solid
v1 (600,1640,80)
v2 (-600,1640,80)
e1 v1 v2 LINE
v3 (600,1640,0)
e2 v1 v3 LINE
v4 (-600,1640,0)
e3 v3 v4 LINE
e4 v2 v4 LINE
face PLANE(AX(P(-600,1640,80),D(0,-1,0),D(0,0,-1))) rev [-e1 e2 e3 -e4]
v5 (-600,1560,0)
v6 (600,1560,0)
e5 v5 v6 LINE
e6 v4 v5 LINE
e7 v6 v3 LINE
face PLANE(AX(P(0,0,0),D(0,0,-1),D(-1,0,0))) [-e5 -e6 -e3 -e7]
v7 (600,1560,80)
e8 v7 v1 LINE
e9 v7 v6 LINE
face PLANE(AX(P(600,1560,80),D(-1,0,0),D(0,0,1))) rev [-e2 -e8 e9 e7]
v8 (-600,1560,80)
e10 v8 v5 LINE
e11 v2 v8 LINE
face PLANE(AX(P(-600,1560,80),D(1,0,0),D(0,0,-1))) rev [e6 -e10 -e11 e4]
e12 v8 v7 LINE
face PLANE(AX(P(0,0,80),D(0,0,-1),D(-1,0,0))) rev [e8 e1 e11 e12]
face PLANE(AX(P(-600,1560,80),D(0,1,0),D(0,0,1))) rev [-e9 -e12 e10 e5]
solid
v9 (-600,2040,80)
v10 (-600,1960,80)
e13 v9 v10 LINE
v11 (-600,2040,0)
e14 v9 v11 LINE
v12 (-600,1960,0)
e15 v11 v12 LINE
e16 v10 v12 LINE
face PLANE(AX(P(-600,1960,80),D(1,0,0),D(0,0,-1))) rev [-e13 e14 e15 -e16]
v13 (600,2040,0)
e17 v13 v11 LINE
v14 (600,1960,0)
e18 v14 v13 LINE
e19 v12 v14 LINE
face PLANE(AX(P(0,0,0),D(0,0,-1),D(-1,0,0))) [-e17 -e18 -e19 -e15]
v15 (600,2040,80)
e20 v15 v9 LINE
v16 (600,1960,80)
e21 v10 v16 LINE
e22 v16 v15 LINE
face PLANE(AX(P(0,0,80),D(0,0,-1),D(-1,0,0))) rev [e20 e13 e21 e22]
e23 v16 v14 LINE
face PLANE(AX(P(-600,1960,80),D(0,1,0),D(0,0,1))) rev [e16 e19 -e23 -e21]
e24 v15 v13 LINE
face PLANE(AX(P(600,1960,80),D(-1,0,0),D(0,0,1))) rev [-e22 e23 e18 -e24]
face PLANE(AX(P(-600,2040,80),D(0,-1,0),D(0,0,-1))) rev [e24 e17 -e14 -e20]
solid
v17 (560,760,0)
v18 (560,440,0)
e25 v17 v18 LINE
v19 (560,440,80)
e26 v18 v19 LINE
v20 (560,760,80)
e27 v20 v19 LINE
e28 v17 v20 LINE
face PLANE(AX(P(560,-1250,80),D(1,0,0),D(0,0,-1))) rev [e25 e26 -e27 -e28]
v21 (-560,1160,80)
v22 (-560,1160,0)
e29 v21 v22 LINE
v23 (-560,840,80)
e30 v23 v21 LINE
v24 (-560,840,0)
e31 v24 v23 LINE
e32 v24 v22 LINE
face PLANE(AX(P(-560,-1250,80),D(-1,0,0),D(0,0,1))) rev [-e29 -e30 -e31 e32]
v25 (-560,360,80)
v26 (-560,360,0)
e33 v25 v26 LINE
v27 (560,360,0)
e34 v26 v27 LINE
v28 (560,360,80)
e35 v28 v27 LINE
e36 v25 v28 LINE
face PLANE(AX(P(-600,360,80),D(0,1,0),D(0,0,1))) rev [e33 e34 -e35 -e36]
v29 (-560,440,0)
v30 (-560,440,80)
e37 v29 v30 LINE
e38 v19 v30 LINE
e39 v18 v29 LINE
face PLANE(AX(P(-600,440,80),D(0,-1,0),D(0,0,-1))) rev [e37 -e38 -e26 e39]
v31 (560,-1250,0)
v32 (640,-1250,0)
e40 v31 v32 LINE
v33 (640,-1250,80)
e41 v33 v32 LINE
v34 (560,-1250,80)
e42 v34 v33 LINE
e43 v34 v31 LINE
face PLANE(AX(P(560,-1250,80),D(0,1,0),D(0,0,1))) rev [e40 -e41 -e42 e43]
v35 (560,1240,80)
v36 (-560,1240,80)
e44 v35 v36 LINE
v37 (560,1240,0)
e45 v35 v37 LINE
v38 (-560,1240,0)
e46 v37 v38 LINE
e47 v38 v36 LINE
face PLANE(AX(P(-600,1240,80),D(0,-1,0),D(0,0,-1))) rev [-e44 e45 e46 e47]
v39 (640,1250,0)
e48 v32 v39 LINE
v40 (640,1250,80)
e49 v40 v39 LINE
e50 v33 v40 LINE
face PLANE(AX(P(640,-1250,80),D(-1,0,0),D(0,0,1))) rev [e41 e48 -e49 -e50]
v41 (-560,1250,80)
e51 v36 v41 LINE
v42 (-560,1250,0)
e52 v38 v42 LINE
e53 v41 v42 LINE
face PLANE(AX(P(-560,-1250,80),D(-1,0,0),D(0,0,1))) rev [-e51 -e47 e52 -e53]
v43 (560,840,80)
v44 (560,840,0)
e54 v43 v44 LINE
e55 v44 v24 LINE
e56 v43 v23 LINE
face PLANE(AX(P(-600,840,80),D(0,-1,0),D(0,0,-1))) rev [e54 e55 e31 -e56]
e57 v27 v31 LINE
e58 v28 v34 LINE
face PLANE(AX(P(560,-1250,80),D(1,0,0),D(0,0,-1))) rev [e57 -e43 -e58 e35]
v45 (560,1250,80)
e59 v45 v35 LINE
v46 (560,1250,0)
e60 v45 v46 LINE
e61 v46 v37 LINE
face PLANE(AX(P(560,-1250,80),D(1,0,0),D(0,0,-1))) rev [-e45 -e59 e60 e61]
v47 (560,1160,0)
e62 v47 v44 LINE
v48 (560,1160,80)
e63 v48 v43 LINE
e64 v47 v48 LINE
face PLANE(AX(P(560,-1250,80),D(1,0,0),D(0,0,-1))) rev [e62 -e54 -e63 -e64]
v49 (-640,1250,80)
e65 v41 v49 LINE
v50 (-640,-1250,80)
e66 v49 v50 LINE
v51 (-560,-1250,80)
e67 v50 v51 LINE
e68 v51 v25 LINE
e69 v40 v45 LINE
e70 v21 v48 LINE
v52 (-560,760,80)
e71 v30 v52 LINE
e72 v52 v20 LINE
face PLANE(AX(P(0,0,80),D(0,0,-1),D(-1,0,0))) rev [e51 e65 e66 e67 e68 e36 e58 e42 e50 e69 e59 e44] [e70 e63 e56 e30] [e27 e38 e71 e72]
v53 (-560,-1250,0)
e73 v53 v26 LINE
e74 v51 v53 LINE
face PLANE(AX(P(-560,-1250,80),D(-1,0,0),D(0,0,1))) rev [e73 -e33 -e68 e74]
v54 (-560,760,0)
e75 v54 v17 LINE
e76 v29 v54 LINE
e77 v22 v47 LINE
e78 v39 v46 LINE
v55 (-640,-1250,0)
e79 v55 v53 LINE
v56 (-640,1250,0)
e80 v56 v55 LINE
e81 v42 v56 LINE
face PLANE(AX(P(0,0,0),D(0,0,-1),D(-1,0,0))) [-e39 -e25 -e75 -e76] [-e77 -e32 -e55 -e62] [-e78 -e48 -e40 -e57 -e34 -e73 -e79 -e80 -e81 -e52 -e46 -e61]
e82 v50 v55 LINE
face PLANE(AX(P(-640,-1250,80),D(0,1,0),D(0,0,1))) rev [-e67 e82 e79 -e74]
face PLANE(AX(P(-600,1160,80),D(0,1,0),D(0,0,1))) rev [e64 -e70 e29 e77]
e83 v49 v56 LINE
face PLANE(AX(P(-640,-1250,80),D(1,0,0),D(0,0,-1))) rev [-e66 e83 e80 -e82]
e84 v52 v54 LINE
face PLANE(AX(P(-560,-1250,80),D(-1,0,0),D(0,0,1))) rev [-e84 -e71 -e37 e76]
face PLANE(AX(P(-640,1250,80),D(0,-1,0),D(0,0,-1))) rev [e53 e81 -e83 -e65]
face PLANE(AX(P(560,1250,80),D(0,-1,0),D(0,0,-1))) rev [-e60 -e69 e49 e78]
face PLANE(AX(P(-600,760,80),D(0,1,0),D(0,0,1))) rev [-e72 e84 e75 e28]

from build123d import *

# Parameters (mm, degrees)
SKETCH_1_W      = 80
SKETCH_1_H      = 2500
EXTRUDE_1_DEPTH = 80
SKETCH_2_W      = 80
SKETCH_2_H      = 2500
EXTRUDE_2_DEPTH = 80
SKETCH_3_W      = 1200
SKETCH_3_H      = 80
EXTRUDE_3_DEPTH = 80
SKETCH_4_W      = 1200
SKETCH_4_H      = 80
EXTRUDE_4_DEPTH = 80
SKETCH_5_W      = 1200
SKETCH_5_H      = 80
EXTRUDE_5_DEPTH = 80
SKETCH_6_W      = 1200
SKETCH_6_H      = 80
EXTRUDE_6_DEPTH = 80
SKETCH_7_W      = 1200
SKETCH_7_H      = 80
EXTRUDE_7_DEPTH = 80


with BuildPart() as part:
    # 草图1 → 凸台-拉伸1 (new body)
    with BuildSketch(Plane.XY):
        with Locations((-600, 0)):
            Rectangle(SKETCH_1_W, SKETCH_1_H)
    extrude(amount=EXTRUDE_1_DEPTH)



with BuildPart() as body_2:
    # 草图2 → 凸台-拉伸2 (new body)
    with BuildSketch(Plane.XY):
        with Locations((600, 0)):
            Rectangle(SKETCH_2_W, SKETCH_2_H)
    extrude(amount=EXTRUDE_2_DEPTH)


with BuildPart() as part_1:
    add(part.part)

    add(body_2.part)  # 凸台-拉伸3 merges body 2
    # 草图3 → 凸台-拉伸3 (add)
    with BuildSketch(Plane.XY):
        with Locations((0, 400)):
            Rectangle(SKETCH_3_W, SKETCH_3_H)
    extrude(amount=EXTRUDE_3_DEPTH)

    # 草图4 → 凸台-拉伸4 (add)
    with BuildSketch(Plane.XY):
        with Locations((0, 800)):
            Rectangle(SKETCH_4_W, SKETCH_4_H)
    extrude(amount=EXTRUDE_4_DEPTH)

    # 草图5 → 凸台-拉伸5 (add)
    with BuildSketch(Plane.XY):
        with Locations((0, 1200)):
            Rectangle(SKETCH_5_W, SKETCH_5_H)
    extrude(amount=EXTRUDE_5_DEPTH)


with BuildPart() as body_2_2:
    # 草图6 → 凸台-拉伸6 (new body)
    with BuildSketch(Plane.XY):
        with Locations((0, 1600)):
            Rectangle(SKETCH_6_W, SKETCH_6_H)
    extrude(amount=EXTRUDE_6_DEPTH)


with BuildPart() as body_3:
    # 草图7 → 凸台-拉伸7 (new body)
    with BuildSketch(Plane.XY):
        with Locations((0, 2000)):
            Rectangle(SKETCH_7_W, SKETCH_7_H)
    extrude(amount=EXTRUDE_7_DEPTH)


solid = Compound([part_1.part, body_2_2.part, body_3.part])
